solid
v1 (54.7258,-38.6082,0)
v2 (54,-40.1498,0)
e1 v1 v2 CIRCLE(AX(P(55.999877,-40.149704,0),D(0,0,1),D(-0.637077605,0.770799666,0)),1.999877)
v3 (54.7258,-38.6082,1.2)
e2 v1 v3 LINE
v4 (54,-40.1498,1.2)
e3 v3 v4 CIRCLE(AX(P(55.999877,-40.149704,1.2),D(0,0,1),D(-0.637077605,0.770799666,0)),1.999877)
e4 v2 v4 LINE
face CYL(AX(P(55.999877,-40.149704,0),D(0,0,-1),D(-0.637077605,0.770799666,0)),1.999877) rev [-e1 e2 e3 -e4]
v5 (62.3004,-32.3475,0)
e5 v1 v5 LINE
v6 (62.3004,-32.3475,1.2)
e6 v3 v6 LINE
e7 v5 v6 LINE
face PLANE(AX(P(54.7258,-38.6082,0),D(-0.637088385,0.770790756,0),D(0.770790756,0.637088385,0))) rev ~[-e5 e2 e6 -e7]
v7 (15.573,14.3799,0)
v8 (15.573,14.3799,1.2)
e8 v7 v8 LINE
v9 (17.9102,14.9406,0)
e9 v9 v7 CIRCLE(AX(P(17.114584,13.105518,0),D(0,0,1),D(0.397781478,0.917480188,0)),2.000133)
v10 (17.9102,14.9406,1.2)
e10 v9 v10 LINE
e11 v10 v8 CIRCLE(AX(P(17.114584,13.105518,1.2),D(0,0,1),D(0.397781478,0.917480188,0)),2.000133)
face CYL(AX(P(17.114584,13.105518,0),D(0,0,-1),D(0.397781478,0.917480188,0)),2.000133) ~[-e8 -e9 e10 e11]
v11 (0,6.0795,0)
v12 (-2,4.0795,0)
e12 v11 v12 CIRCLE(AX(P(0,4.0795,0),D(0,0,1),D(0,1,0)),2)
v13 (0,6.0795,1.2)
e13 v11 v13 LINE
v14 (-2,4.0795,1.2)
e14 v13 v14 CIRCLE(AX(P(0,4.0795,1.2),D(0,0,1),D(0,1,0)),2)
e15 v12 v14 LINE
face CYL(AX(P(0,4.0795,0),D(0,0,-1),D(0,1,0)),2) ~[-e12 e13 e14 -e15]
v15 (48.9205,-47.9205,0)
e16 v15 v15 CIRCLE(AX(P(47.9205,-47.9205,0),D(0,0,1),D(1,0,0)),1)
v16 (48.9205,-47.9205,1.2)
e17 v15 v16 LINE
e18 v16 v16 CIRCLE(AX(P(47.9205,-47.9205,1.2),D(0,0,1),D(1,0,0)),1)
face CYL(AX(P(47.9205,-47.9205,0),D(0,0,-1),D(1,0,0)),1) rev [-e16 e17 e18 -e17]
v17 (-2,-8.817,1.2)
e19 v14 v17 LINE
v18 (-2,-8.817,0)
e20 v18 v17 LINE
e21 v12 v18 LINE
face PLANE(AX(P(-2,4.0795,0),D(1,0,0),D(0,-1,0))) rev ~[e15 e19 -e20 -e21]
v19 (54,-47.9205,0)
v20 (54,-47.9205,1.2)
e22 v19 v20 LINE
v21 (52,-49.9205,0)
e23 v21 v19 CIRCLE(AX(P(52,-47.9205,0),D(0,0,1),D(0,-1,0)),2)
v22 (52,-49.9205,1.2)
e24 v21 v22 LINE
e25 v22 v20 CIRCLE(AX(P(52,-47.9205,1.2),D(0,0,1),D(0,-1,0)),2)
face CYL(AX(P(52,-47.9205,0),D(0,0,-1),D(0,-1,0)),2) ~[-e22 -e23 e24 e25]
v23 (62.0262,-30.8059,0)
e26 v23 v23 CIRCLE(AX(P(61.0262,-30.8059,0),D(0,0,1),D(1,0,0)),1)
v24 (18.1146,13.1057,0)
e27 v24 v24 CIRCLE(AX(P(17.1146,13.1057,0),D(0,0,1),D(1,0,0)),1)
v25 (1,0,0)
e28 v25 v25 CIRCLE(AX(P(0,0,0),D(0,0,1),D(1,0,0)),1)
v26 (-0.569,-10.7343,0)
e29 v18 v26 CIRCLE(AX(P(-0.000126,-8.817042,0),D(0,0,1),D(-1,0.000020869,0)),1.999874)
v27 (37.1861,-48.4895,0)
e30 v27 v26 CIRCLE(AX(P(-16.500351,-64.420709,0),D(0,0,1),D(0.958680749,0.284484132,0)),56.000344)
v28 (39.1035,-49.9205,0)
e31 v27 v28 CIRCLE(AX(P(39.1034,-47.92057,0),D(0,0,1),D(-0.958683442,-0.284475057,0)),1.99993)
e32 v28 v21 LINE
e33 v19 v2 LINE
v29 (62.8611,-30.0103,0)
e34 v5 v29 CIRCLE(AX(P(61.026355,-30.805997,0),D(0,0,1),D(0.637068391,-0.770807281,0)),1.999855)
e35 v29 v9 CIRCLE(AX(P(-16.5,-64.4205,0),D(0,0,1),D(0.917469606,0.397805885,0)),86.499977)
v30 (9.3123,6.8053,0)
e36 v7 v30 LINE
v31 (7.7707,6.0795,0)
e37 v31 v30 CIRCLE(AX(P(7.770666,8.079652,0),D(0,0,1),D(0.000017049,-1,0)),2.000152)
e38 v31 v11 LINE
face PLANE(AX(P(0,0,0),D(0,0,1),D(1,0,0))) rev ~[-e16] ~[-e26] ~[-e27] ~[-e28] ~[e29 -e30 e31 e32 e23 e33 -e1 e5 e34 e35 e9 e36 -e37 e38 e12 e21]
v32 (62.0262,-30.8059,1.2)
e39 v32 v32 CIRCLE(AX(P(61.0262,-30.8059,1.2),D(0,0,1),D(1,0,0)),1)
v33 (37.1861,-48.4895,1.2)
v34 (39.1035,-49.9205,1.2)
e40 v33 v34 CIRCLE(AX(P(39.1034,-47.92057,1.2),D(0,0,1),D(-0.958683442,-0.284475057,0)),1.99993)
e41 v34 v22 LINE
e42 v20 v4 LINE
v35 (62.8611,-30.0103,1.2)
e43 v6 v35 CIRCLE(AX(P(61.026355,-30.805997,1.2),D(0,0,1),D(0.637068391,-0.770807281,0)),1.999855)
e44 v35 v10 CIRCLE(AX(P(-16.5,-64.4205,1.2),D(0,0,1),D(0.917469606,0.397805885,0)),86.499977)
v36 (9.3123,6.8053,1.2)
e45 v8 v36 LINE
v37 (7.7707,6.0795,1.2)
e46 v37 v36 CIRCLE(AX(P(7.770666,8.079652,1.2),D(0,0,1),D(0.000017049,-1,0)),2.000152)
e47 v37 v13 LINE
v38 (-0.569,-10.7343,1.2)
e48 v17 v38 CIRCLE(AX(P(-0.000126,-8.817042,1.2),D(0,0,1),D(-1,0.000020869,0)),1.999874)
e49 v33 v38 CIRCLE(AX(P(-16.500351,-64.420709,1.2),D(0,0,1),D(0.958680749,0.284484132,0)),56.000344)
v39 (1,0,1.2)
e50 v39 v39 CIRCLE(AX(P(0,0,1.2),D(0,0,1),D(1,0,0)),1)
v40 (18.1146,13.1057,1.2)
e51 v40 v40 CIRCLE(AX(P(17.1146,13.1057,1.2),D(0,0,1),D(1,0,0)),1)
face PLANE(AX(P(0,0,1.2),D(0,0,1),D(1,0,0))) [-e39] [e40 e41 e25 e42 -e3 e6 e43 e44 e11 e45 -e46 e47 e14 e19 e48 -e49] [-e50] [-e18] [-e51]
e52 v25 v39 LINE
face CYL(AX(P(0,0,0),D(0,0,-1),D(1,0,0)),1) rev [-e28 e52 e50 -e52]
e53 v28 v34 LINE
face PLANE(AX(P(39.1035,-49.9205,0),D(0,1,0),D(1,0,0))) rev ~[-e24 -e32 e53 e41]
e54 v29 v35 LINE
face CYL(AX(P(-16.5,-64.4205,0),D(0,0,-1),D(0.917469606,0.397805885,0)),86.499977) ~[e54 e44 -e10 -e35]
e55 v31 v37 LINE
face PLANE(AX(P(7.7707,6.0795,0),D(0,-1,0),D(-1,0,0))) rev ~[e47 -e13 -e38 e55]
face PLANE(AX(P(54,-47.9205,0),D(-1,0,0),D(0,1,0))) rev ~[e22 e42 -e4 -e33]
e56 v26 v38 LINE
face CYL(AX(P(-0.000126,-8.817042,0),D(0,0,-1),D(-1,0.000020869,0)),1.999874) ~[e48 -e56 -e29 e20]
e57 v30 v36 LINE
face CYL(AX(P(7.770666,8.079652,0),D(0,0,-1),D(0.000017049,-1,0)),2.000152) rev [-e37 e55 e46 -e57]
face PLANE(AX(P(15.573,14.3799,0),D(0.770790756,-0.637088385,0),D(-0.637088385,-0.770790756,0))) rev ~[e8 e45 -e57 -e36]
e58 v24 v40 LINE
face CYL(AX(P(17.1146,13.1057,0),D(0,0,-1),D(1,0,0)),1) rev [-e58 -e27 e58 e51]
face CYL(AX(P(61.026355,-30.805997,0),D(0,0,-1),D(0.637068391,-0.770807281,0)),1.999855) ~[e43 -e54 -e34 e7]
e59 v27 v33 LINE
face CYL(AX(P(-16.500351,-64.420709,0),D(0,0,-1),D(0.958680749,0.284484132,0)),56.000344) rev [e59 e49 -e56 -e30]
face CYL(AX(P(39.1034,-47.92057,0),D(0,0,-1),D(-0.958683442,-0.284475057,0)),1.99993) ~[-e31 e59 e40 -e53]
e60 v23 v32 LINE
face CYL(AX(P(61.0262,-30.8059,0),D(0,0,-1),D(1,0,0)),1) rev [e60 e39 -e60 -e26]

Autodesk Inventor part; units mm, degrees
ref_plane "YZ Plane" through (0, 0, 0) normal (1, 0, 0) x (0, 1, 0)
ref_plane "XZ Plane" through (0, 0, 0) normal (0, 1, 0) x (-1, 0, 0)
ref_plane "XY Plane" through (0, 0, 0) normal (0, 0, 1) x (1, 0, 0)
sketch "スケッチ1" plane through (0, 0, 0) normal (0, 0, 1) x (1, 0, 0)
  line L0 (54, -47.9205) -> (54, -40.1498) projected
  arc A0 (54.7258, -38.6082) -> (54, -40.1498) centre (56, -40.1498) ccw projected
  line L1 (54.7258, -38.6082) -> (62.3004, -32.3475) projected
  arc A1 (62.3004, -32.3475) -> (62.8611, -30.0103) centre (61.0262, -30.8059) ccw projected
  arc A2 (62.8611, -30.0103) -> (17.9102, 14.9406) centre (-16.5, -64.4205) ccw projected
  arc A3 (17.9102, 14.9406) -> (15.573, 14.3799) centre (17.1146, 13.1057) ccw projected
  line L2 (15.573, 14.3799) -> (9.3123, 6.8053) projected
  arc A4 (7.7707, 6.0795) -> (9.3123, 6.8053) centre (7.7707, 8.0795) ccw projected
  line L3 (7.7707, 6.0795) -> (0, 6.0795) projected
  arc A5 (0, 6.0795) -> (-2, 4.0795) centre (0, 4.0795) ccw projected
  line L4 (-2, 4.0795) -> (-2, -8.817) projected
  arc A6 (-2, -8.817) -> (-0.569, -10.7343) centre (0, -8.817) ccw projected
  arc A7 (37.1861, -48.4895) -> (-0.569, -10.7343) centre (-16.5, -64.4205) ccw projected
  arc A8 (37.1861, -48.4895) -> (39.1035, -49.9205) centre (39.1035, -47.9205) ccw projected
  line L5 (39.1035, -49.9205) -> (52, -49.9205) projected
  arc A9 (52, -49.9205) -> (54, -47.9205) centre (52, -47.9205) ccw projected
  circle A10 centre (47.9205, -47.9205) radius 1 projected
  circle A11 centre (0, 0) radius 1 projected
  circle A12 centre (17.1146, 13.1057) radius 1 projected
  circle A13 centre (61.0262, -30.8059) radius 1 projected
  point P0 (0, 0)
extrude "押し出し1" add sketch "スケッチ1" along normal blind 1.2
properties part number "MotorDriver_PCB"
